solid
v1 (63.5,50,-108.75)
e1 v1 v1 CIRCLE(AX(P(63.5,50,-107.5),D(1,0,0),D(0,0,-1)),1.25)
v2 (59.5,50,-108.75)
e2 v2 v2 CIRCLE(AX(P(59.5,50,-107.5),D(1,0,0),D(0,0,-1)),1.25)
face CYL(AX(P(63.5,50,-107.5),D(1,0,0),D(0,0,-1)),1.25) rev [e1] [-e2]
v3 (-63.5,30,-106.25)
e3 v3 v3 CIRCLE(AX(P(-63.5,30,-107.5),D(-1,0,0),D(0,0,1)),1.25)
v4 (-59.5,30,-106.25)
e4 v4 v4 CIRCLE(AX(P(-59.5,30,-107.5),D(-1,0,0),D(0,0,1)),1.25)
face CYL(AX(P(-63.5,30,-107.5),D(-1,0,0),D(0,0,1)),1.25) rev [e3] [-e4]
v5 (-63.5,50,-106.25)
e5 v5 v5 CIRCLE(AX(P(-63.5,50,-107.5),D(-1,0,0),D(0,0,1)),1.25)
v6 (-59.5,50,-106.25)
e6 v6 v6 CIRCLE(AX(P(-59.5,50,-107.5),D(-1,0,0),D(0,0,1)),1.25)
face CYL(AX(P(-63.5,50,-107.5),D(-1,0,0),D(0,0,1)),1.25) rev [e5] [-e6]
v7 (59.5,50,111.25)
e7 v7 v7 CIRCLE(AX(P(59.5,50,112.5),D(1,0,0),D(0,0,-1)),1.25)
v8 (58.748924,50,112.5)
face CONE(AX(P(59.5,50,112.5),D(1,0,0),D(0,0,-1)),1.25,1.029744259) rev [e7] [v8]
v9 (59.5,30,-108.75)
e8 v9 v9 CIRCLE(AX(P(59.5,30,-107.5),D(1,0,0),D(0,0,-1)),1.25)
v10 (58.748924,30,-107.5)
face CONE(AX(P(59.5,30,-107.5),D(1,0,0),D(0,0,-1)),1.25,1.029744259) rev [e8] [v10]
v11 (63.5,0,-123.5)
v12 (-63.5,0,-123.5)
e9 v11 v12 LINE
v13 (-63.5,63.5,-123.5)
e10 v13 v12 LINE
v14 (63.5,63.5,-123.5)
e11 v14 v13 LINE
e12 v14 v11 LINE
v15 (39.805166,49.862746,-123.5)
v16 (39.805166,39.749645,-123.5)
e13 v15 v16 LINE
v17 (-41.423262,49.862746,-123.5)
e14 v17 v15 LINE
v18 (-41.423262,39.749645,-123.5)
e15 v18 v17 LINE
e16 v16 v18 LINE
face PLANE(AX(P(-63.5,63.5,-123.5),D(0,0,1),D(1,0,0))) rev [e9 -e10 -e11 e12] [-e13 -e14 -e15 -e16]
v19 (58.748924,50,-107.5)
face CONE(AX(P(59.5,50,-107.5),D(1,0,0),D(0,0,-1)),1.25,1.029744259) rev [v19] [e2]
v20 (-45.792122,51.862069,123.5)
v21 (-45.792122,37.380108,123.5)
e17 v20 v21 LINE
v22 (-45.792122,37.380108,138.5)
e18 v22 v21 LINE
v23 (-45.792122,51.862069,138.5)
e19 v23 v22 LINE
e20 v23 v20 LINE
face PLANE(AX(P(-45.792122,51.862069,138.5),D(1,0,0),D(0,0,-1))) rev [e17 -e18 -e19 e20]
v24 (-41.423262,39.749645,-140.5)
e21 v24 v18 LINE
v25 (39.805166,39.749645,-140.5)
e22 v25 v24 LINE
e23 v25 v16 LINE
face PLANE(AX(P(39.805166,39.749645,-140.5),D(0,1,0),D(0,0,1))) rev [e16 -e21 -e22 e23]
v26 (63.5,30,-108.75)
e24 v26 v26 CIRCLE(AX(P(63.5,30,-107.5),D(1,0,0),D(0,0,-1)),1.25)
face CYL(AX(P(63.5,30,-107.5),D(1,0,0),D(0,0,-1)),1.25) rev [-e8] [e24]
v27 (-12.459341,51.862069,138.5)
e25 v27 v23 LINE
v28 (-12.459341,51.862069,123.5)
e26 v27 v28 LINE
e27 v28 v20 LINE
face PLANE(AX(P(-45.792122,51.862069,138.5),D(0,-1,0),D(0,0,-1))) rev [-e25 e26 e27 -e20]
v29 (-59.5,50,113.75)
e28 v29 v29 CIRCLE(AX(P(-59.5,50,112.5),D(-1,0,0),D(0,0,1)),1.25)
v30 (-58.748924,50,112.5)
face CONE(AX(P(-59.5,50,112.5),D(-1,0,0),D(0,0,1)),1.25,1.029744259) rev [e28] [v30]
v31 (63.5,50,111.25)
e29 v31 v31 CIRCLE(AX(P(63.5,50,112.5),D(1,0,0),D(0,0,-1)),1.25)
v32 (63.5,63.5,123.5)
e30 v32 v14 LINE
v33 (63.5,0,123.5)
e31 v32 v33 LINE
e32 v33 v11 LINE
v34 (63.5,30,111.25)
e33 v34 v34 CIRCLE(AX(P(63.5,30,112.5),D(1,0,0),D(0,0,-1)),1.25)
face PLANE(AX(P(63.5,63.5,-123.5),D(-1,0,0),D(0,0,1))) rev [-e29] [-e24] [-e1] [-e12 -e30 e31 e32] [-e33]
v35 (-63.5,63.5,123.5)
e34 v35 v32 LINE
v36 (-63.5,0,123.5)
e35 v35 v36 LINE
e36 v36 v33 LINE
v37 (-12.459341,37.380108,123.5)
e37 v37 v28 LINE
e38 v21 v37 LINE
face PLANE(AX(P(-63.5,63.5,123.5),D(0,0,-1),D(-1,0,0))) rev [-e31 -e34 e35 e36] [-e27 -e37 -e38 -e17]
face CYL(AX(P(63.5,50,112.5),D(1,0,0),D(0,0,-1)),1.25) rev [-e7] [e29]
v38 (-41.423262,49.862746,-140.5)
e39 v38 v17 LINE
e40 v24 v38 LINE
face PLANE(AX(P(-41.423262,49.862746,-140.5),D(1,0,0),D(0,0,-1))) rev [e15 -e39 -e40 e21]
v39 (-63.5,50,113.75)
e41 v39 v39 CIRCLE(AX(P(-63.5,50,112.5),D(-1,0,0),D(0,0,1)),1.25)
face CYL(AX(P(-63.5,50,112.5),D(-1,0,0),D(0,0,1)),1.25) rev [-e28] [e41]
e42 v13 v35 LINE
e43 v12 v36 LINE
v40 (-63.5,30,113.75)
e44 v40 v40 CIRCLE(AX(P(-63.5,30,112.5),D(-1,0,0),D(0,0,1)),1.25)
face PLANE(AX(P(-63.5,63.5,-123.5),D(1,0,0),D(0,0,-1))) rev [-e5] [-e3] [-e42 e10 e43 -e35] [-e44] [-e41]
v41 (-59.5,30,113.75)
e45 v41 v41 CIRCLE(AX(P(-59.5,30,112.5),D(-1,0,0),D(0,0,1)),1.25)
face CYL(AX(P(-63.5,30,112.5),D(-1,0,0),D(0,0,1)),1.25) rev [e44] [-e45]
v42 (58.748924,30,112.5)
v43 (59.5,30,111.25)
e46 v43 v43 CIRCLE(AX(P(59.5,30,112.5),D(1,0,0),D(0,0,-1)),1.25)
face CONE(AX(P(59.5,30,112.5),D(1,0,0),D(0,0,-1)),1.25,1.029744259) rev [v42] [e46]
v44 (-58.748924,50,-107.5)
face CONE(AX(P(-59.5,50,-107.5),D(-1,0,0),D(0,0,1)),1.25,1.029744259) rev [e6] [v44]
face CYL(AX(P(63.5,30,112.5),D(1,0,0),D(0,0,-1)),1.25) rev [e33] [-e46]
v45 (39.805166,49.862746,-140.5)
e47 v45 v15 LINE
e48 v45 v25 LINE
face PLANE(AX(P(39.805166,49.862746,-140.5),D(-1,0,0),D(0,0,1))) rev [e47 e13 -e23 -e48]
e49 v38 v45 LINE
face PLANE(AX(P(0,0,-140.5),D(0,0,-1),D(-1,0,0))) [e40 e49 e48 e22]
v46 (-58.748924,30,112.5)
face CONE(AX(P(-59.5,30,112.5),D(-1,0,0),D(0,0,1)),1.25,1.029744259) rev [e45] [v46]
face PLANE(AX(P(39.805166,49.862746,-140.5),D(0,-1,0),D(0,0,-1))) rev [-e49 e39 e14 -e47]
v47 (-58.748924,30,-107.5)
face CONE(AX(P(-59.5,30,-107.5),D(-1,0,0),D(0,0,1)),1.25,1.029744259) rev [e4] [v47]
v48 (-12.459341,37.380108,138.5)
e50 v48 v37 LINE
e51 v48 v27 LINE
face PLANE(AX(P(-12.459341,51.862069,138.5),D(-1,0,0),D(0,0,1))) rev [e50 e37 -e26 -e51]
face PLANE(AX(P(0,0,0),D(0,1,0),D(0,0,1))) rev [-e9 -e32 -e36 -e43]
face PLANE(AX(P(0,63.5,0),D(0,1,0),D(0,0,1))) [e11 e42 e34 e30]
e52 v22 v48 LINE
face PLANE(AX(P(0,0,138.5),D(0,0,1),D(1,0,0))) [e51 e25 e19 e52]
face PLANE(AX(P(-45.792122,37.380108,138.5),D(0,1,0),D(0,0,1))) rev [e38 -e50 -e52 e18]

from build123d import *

# Parameters (mm, degrees)
SKETCH1_W                      = 127
SKETCH1_H                      = 247
BOSS_EXTRUDE1_DEPTH            = 63.5
M3X0_5_TAPPED_HOLE1_AT_2_COUNT = 2
M3X0_5_TAPPED_HOLE1_AT_2_PITCH = 220.907220344
M3X0_5_TAPPED_HOLE1_AT_3_COUNT = 2
M3X0_5_TAPPED_HOLE1_AT_3_PITCH = 20
M3X0_5_TAPPED_HOLE1_AT_4_COUNT = 2
M3X0_5_TAPPED_HOLE1_AT_4_PITCH = 220
SKETCH5_W                      = 33.332781188
SKETCH5_H                      = 14.481960758
BOSS_EXTRUDE2_DEPTH            = 15
SKETCH6_W                      = 81.228427944
SKETCH6_H                      = 10.113101088
BOSS_EXTRUDE3_DEPTH            = 17


with BuildPart() as part:
    # Sketch1 → Boss-Extrude1 (new body)
    with BuildSketch(Plane(origin=(0, 0, 0), x_dir=(1, 0, 0), z_dir=(0, 1, 0))):
        Rectangle(SKETCH1_W, SKETCH1_H)
    extrude(amount=BOSS_EXTRUDE1_DEPTH)

    # Sketch4 → M3x0.5 Tapped Hole1 (revolve, cut)
    with BuildSketch(Plane(origin=(63.5, 50, 112.5), x_dir=(0, 0, -1), z_dir=(0, 1, 0))):
        Polygon((0, 0), (0, 4.751075774), (1.25, 4), (1.25, 0), align=None)
    m3x0_5_tapped_hole1 = revolve(axis=Axis((69.85, 50, 112.5), (-1, 0, 0)), mode=Mode.SUBTRACT)

    # M3x0.5 Tapped Hole1 at 2: M3x0.5 Tapped Hole1 ×2
    with Locations(*[Vector(0, -0.09053574604251853, -0.9958932064677039) * (i * M3X0_5_TAPPED_HOLE1_AT_2_PITCH) for i in range(1, M3X0_5_TAPPED_HOLE1_AT_2_COUNT)]):
        add(m3x0_5_tapped_hole1, mode=Mode.SUBTRACT)

    # M3x0.5 Tapped Hole1 at 3: M3x0.5 Tapped Hole1 ×2
    with Locations(*[(0, -i * M3X0_5_TAPPED_HOLE1_AT_3_PITCH, 0) for i in range(1, M3X0_5_TAPPED_HOLE1_AT_3_COUNT)]):
        add(m3x0_5_tapped_hole1, mode=Mode.SUBTRACT)

    # M3x0.5 Tapped Hole1 at 4: M3x0.5 Tapped Hole1 ×2
    with Locations(*[(0, 0, -i * M3X0_5_TAPPED_HOLE1_AT_4_PITCH) for i in range(1, M3X0_5_TAPPED_HOLE1_AT_4_COUNT)]):
        add(m3x0_5_tapped_hole1, mode=Mode.SUBTRACT)

    # Sketch5 → Boss-Extrude2 (add)
    with BuildSketch(Plane.XY.offset(123.5)):
        with Locations((-29.125731135, 44.621088627)):
            Rectangle(SKETCH5_W, SKETCH5_H)
    extrude(amount=BOSS_EXTRUDE2_DEPTH)

    # Sketch6 → Boss-Extrude3 (add)
    with BuildSketch(Plane(origin=(0, 0, -123.5), x_dir=(-1, 0, 0), z_dir=(0, 0, -1))):
        with Locations((0.809048087, 44.806195806)):
            Rectangle(SKETCH6_W, SKETCH6_H)
    extrude(amount=BOSS_EXTRUDE3_DEPTH)

    # Mirror1: M3x0.5 Tapped Hole1 across plane
    add(m3x0_5_tapped_hole1.mirror(Plane(origin=(0, 0, 0), x_dir=(0, 0, 1), z_dir=(1, 0, 0))), mode=Mode.SUBTRACT)

    # Mirror1 copy 1 sketch → Mirror1 copy 1 (revolve, cut)
    with BuildSketch(Plane(origin=(-63.5, 30, -107.5), x_dir=(0, 0, -1), z_dir=(0, 1, 0))):
        Polygon((0, 0), (0, -4.751075774), (1.25, -4), (1.25, 0), align=None)
    revolve(axis=Axis((-69.85, 30, -107.5), (-1, 0, 0)), mode=Mode.SUBTRACT)

    # Mirror1 copy 2 sketch → Mirror1 copy 2 (revolve, cut)
    with BuildSketch(Plane(origin=(-63.5, 30, 112.5), x_dir=(0, 0, -1), z_dir=(0, 1, 0))):
        Polygon((0, 0), (0, -4.751075774), (1.25, -4), (1.25, 0), align=None)
    revolve(axis=Axis((-69.85, 30, 112.5), (-1, 0, 0)), mode=Mode.SUBTRACT)

    # Mirror1 copy 3 sketch → Mirror1 copy 3 (revolve, cut)
    with BuildSketch(Plane(origin=(-63.5, 50, -107.5), x_dir=(0, 0, -1), z_dir=(0, 1, 0))):
        Polygon((0, 0), (0, -4.751075774), (1.25, -4), (1.25, 0), align=None)
    revolve(axis=Axis((-69.85, 50, -107.5), (-1, 0, 0)), mode=Mode.SUBTRACT)


solid = part.part
